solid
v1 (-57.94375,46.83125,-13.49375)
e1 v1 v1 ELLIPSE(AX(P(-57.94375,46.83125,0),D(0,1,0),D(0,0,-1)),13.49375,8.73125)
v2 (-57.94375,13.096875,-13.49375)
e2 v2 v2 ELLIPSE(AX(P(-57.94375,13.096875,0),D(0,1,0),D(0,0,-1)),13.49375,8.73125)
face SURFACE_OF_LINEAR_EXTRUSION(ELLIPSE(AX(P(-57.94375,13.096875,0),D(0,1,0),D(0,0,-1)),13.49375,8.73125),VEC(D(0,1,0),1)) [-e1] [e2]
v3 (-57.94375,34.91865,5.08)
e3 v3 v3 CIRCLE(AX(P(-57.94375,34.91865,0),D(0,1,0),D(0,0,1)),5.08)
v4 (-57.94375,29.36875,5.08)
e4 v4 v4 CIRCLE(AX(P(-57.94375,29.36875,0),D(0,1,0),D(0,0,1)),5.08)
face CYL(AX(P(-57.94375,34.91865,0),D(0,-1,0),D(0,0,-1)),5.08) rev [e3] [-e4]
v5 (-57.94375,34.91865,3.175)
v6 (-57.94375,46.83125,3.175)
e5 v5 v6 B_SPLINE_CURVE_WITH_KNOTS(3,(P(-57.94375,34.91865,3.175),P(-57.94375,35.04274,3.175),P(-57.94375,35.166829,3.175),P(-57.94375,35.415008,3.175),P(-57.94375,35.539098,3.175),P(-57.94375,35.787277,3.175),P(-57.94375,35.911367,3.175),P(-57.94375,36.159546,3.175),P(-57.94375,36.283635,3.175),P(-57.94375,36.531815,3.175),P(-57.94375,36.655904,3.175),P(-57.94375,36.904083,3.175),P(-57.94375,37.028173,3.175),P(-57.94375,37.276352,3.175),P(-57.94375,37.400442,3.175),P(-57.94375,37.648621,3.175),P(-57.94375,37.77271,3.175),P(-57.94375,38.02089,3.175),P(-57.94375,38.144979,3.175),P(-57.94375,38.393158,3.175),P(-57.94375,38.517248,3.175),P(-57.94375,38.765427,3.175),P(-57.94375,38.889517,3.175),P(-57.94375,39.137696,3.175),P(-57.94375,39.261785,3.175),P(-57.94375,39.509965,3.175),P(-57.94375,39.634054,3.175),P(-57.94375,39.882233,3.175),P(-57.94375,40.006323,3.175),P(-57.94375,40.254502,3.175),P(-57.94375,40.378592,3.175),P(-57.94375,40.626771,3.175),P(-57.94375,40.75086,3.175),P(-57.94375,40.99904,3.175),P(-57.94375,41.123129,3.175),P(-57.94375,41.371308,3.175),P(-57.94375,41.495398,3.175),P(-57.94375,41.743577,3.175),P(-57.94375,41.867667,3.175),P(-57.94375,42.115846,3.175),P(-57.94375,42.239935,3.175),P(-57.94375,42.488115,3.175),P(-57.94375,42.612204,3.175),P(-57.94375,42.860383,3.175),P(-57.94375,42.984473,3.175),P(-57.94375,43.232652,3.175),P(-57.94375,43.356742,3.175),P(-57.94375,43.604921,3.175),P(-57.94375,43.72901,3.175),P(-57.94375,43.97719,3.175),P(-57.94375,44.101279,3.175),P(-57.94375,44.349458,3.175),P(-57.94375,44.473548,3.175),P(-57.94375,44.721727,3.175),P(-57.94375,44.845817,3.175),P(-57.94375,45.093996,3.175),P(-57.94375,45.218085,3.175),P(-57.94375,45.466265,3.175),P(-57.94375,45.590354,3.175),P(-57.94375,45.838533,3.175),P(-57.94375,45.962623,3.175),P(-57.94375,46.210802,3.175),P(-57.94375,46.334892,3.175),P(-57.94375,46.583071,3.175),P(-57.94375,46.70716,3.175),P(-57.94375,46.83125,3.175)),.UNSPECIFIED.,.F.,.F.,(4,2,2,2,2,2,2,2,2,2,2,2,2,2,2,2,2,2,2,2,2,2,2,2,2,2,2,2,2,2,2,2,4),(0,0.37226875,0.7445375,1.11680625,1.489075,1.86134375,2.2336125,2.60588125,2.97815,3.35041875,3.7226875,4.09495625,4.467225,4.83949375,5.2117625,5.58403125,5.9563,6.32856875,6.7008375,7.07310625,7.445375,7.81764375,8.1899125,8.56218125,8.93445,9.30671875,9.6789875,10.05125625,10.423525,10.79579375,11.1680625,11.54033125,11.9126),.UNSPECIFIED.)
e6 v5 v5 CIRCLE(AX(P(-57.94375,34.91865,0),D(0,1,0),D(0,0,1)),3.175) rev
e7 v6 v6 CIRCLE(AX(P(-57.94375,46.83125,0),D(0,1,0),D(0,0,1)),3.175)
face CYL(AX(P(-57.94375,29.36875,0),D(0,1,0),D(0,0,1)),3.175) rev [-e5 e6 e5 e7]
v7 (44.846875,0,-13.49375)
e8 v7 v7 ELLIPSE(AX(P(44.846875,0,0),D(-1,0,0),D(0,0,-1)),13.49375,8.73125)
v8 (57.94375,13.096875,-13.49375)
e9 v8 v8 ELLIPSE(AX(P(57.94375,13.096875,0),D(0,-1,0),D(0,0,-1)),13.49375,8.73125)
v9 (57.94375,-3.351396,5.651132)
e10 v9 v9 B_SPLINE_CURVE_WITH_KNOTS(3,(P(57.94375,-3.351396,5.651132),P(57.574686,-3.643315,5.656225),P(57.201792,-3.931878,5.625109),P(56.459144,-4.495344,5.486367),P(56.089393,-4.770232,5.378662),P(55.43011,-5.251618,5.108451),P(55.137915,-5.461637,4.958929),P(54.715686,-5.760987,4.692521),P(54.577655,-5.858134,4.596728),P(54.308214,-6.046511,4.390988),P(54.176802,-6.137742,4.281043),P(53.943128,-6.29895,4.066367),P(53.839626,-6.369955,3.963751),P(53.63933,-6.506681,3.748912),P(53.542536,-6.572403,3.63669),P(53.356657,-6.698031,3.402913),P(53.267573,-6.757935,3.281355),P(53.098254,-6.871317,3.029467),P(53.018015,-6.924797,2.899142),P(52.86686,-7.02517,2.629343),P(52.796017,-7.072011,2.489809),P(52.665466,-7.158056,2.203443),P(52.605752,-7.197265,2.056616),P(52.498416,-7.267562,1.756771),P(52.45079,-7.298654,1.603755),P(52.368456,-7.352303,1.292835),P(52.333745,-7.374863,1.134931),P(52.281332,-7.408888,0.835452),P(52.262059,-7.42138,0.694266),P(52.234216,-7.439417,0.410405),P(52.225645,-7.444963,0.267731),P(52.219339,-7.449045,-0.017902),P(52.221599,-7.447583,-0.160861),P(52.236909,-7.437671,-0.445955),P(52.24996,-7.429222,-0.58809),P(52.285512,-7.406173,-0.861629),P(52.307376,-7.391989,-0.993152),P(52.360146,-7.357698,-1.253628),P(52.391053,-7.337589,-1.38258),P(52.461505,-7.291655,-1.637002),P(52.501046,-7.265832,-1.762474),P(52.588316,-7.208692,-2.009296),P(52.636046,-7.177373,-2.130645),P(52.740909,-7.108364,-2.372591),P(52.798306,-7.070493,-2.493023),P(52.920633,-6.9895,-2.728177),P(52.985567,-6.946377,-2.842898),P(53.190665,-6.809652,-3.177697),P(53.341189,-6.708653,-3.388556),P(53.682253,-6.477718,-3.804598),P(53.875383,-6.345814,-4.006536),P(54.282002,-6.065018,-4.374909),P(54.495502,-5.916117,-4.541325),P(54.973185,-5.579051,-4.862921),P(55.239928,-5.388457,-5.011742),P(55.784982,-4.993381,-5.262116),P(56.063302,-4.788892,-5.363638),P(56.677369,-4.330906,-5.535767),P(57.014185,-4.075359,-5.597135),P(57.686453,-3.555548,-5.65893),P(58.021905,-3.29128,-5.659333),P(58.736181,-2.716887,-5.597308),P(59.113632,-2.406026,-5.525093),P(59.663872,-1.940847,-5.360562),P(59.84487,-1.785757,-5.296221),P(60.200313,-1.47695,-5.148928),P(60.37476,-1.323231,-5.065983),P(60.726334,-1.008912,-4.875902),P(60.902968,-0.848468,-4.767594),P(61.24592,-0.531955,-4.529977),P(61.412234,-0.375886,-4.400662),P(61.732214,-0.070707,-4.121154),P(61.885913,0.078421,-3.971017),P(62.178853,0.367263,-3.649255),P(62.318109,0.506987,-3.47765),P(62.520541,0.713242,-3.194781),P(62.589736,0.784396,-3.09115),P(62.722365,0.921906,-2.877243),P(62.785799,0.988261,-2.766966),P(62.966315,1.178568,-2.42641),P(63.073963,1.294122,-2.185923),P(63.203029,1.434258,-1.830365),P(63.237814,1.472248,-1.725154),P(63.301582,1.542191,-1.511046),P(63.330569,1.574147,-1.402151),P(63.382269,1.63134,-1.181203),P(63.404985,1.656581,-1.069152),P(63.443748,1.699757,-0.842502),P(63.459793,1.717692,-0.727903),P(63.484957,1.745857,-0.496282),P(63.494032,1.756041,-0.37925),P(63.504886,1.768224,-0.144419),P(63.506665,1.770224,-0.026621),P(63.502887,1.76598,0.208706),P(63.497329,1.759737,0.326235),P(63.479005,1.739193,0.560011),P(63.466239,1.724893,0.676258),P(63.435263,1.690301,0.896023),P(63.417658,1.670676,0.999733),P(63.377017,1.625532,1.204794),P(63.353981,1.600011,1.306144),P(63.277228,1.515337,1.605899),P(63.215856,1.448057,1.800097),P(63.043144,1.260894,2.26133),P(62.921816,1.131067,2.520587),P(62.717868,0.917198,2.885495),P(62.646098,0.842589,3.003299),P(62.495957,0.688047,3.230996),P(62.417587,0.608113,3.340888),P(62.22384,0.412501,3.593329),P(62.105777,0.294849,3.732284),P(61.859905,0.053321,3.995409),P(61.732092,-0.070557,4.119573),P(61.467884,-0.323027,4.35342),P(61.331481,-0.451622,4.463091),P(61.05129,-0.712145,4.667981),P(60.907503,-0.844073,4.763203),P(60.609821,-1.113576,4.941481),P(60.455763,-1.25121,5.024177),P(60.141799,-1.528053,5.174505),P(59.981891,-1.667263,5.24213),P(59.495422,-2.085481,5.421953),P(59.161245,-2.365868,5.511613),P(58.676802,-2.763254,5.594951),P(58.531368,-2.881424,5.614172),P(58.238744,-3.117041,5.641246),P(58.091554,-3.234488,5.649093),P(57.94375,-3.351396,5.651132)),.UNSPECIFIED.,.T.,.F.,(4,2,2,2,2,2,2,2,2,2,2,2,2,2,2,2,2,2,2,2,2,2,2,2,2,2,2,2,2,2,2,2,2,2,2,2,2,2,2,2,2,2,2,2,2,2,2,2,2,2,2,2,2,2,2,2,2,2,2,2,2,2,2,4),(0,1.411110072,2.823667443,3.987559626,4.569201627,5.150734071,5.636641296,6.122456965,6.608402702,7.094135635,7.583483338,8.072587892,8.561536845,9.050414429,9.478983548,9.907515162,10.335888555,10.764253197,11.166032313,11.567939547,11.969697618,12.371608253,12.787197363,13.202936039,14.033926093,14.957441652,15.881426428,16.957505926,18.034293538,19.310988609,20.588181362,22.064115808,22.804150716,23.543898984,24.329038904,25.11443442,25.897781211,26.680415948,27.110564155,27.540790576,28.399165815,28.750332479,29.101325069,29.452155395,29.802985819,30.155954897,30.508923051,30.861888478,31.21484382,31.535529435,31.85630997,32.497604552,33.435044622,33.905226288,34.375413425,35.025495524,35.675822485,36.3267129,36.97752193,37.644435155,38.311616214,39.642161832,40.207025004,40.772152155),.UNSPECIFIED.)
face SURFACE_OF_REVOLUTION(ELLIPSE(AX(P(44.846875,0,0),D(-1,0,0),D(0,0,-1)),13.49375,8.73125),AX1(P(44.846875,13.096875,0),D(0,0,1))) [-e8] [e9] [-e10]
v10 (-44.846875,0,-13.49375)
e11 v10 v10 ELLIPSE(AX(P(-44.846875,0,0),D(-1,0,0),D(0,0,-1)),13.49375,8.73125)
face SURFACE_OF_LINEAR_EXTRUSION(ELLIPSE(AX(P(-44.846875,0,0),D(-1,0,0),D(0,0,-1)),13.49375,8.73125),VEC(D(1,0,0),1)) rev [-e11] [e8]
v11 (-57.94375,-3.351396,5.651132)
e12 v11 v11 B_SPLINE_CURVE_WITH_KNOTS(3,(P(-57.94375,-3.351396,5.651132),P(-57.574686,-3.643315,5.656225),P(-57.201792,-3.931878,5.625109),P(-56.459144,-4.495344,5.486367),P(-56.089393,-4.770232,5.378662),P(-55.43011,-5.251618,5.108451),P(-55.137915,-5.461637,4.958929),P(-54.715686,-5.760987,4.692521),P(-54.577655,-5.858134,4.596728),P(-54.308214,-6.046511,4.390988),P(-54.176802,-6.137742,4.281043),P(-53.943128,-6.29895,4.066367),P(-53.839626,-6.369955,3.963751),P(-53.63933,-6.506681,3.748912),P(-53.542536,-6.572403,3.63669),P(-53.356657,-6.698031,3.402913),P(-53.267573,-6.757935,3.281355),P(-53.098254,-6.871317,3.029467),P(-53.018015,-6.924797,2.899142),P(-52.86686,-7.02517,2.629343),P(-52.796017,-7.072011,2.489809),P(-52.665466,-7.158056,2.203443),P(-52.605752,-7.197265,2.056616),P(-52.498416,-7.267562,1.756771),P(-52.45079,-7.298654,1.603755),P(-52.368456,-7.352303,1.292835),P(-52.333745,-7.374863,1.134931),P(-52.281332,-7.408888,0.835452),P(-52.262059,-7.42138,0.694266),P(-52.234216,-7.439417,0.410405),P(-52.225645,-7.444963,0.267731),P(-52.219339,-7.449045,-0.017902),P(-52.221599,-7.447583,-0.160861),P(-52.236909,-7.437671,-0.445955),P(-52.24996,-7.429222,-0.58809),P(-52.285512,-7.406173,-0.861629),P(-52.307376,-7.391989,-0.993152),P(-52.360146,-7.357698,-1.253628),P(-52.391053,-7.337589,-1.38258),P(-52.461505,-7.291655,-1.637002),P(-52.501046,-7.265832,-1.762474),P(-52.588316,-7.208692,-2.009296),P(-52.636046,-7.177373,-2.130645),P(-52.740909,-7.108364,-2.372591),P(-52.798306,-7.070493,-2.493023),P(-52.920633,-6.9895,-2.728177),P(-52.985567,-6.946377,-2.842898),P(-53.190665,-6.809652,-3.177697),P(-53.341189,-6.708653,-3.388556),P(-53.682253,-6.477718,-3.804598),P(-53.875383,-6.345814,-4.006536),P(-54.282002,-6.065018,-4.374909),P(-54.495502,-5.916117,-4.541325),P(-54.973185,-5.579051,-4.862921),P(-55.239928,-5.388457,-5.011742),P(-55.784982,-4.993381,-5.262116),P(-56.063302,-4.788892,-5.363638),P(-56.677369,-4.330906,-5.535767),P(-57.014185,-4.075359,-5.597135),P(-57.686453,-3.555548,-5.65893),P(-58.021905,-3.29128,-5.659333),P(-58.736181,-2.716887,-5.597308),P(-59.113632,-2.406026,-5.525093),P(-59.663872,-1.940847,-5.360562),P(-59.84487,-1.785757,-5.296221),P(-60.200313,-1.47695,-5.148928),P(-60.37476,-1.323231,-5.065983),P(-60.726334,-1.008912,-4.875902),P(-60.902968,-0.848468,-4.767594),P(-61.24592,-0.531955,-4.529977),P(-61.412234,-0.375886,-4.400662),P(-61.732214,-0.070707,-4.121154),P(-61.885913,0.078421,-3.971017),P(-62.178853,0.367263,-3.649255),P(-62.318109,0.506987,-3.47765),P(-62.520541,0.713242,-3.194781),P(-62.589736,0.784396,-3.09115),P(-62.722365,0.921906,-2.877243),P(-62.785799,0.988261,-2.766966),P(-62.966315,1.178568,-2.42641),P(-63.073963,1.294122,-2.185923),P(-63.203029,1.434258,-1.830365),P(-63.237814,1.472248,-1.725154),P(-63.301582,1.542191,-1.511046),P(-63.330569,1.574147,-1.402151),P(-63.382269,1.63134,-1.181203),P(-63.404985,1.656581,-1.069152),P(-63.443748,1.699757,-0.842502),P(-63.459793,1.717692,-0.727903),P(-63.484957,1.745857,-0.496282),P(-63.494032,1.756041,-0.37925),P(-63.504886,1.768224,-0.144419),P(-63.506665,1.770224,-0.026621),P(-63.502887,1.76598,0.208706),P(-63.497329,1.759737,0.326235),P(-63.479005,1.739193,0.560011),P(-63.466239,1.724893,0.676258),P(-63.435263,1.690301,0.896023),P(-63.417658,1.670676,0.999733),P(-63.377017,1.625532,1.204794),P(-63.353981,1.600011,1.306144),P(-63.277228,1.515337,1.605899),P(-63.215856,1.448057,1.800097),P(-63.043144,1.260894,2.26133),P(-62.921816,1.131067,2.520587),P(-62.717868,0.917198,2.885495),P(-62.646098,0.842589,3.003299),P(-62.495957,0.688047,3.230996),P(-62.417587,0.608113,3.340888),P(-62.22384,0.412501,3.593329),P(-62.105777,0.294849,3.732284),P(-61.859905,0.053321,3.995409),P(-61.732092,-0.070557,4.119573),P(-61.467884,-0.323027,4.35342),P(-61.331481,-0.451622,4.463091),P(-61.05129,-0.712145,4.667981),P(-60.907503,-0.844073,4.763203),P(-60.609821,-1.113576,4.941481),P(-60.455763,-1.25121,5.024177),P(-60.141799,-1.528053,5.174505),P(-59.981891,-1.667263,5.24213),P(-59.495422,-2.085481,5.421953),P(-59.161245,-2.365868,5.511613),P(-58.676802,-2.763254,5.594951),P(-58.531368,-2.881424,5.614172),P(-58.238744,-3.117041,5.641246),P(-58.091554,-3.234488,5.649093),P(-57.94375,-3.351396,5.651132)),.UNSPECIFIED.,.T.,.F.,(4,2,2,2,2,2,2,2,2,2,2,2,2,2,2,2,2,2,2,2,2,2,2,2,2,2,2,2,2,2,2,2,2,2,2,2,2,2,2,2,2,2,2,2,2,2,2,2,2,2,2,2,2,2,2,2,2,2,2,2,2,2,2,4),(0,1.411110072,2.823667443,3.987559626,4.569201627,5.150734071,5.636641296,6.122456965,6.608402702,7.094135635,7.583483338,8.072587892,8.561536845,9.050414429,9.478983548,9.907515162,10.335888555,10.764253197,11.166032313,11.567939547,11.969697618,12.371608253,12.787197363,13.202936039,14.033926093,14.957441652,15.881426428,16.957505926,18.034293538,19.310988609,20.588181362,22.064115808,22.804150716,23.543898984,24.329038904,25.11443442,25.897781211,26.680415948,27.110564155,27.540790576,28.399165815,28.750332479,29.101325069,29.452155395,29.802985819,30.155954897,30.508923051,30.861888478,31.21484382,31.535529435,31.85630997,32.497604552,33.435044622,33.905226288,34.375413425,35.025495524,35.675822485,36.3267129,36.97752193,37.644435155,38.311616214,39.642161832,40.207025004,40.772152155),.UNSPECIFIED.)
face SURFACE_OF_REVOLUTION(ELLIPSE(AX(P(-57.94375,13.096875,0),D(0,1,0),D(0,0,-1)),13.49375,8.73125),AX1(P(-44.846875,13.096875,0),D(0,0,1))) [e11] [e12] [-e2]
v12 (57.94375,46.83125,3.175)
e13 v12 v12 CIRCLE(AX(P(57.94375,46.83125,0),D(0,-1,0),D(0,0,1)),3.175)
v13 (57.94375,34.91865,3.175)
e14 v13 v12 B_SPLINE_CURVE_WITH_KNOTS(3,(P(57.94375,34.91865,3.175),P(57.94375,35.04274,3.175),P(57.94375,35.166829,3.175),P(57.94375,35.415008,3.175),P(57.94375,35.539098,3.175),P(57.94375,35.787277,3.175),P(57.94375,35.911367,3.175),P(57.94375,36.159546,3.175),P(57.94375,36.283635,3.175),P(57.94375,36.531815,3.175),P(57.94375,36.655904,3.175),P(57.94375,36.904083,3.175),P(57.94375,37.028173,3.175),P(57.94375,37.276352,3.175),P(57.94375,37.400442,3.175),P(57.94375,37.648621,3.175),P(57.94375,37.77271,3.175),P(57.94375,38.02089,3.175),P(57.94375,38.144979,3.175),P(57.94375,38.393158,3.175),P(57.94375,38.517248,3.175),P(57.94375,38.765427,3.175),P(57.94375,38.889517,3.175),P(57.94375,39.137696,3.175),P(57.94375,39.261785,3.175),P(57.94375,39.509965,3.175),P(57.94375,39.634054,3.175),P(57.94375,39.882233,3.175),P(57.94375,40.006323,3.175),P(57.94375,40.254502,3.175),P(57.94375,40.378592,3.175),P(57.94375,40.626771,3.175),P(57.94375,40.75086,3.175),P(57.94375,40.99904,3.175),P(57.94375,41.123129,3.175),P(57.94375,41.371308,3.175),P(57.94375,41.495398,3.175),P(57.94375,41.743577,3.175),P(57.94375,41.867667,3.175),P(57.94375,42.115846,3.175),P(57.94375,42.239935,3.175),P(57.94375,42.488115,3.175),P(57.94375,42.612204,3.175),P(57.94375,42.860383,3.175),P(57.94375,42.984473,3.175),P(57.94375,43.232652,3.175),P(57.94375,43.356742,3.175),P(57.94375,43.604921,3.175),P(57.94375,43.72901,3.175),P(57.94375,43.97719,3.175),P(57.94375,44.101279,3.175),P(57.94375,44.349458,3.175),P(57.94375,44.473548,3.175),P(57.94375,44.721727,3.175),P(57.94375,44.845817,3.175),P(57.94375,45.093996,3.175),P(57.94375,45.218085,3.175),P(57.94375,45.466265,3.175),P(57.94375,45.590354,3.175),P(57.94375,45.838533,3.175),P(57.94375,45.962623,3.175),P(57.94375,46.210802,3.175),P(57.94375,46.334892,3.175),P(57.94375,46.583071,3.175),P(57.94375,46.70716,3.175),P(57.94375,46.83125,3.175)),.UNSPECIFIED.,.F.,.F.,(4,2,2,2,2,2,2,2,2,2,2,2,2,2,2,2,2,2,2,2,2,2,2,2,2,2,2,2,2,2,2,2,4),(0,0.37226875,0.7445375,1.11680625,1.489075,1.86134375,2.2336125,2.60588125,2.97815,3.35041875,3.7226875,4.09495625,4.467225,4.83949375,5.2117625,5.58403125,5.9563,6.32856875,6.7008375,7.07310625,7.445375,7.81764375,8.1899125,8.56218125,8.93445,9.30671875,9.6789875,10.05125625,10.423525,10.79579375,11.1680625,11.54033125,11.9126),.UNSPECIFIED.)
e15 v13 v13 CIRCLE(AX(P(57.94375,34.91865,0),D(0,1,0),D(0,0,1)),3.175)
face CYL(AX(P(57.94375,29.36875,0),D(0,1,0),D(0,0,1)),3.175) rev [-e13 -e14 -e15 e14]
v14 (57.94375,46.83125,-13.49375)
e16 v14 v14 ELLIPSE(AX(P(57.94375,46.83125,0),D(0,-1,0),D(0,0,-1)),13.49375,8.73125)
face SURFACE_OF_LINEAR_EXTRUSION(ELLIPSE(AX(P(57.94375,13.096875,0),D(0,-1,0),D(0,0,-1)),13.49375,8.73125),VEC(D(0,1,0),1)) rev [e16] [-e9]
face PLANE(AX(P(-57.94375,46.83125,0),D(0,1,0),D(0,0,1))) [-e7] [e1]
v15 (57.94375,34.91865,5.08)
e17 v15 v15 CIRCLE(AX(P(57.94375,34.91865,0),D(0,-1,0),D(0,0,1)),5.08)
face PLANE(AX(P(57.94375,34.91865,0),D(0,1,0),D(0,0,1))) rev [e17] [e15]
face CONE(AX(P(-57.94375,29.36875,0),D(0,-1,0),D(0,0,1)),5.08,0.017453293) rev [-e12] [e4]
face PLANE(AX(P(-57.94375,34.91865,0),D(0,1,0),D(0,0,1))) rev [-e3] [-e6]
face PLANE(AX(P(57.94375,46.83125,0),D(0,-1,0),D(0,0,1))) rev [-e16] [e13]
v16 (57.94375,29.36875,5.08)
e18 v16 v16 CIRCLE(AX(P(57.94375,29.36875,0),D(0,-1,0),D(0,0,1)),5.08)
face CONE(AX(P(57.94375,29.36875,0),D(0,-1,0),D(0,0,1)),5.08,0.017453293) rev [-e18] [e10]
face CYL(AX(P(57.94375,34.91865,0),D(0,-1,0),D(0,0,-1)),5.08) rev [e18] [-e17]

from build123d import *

# Parameters (mm, degrees)
SKETCH2_RX               = 13.49375
SKETCH2_RY               = 8.73125
SKETCH4_R                = 3.175
EXTRUDE1_DEPTH           = 17.4625
SKETCH9_R                = 5.08
EXTRUDE2_DEPTH           = 5.5499
EXTRUDE2_OTHER_WAY_DEPTH = 78.969525699
EXTRUDE2_OTHER_WAY_DRAFT = 1
MIRROR1_COPY_1_SKETCH_R  = 5.08
MIRROR1_COPY_1_DEPTH     = 78.969525699
MIRROR1_COPY_1_DRAFT     = 1
MIRROR1_COPY_2_SKETCH_R  = 5.08
MIRROR1_COPY_2_DEPTH     = 78.969525699
MIRROR1_COPY_2_DRAFT     = 1


with BuildPart() as part:
    # Sweep1: sweep along a path in Sketch3
    with BuildLine(Plane.XY) as sweep1_path:
        Line((57.94375, 46.83125), (57.94375, 13.096875))
        ThreePointArc((57.94375, 13.096875), (54.107764125, 3.835985875), (44.846875, 0))
        Line((44.846875, 0), (-44.846875, 0))
        ThreePointArc((-44.846875, 0), (-54.107764125, 3.835985875), (-57.94375, 13.096875))
        Line((-57.94375, 13.096875), (-57.94375, 46.83125))
    # Sketch2 → Sweep1 (sweep)
    with BuildSketch(Plane(origin=(0, 46.83125, 0), x_dir=(-1, 0, 0), z_dir=(0, 1, 0))):
        with Locations(Location((57.94375, 0), (0, 0, -90))):
            Ellipse(SKETCH2_RX, SKETCH2_RY)
    sweep(path=sweep1_path.line)

    # Sketch4 → Extrude1 (cut)
    with BuildSketch(Plane(origin=(0, 46.83125, 0), x_dir=(-1, 0, 0), z_dir=(0, 1, 0))):
        with Locations(Location((57.94375, 0, 0), (0, 0, 90))):
            Circle(SKETCH4_R)
    extrude1 = extrude(amount=-EXTRUDE1_DEPTH, mode=Mode.SUBTRACT)

    # Sketch9 → Extrude2 (cut)
    with BuildSketch(Plane(origin=(0, 29.36875, 0), x_dir=(1, 0, 0), z_dir=(0, 1, 0))):
        with Locations(Location((-57.94375, 0, 0), (0, 0, 270))):
            Circle(SKETCH9_R)
    extrude2 = extrude(amount=EXTRUDE2_DEPTH, mode=Mode.SUBTRACT)


with BuildPart() as extrude2_other_way_tool:
    # Sketch9 → Extrude2 other way (with draft: the straight prism first)
    with BuildSketch(Plane(origin=(0, 29.36875, 0), x_dir=(1, 0, 0), z_dir=(0, 1, 0))):
        with Locations(Location((-57.94375, 0, 0), (0, 0, 270))):
            Circle(SKETCH9_R)
    extrude(amount=-EXTRUDE2_OTHER_WAY_DEPTH)
    # Extrude2 other way: the draft: its side faces are tilted about the plane it starts from
    extrude2_other_way_sides = [extrude2_other_way_tool.faces().sort_by_distance(p)[0] for p in [
        (-57.94375, -10.116012849, -5.08),
    ]]
    draft(extrude2_other_way_sides, Plane(origin=(0, 29.36875, 0), x_dir=(1, 0, 0), z_dir=(0, 1, 0)), EXTRUDE2_OTHER_WAY_DRAFT)


with BuildPart() as part_1:
    add(part.part)

    # Extrude2 other way: cut by extrude2_other_way_tool
    add(extrude2_other_way_tool.part, mode=Mode.SUBTRACT)

    # Mirror1: Extrude1, Extrude2 across plane
    add(extrude1.mirror(Plane(origin=(0, 0, 0), x_dir=(0, 0, 1), z_dir=(1, 0, 0))), mode=Mode.SUBTRACT)
    add(extrude2.mirror(Plane(origin=(0, 0, 0), x_dir=(0, 0, 1), z_dir=(1, 0, 0))), mode=Mode.SUBTRACT)


with BuildPart() as mirror1_copy_1_tool:
    # Mirror1 copy 1 sketch → Mirror1 copy 1 (with draft: the straight prism first)
    with BuildSketch(Plane(origin=(0, 29.36875, 0), x_dir=(-1, 0, 0), z_dir=(0, 1, 0))):
        with Locations((-57.94375, 0)):
            Circle(MIRROR1_COPY_1_SKETCH_R)
    extrude(amount=-MIRROR1_COPY_1_DEPTH)
    # Mirror1 copy 1: the draft: its side faces are tilted about the plane it starts from
    mirror1_copy_1_sides = [mirror1_copy_1_tool.faces().sort_by_distance(p)[0] for p in [
        (57.94375, -10.116012849, -5.08),
    ]]
    draft(mirror1_copy_1_sides, Plane(origin=(0, 29.36875, 0), x_dir=(-1, 0, 0), z_dir=(0, 1, 0)), MIRROR1_COPY_1_DRAFT)


with BuildPart() as part_2:
    add(part_1.part)

    # Mirror1 copy 1: cut by mirror1_copy_1_tool
    add(mirror1_copy_1_tool.part, mode=Mode.SUBTRACT)


with BuildPart() as mirror1_copy_2_tool:
    # Mirror1 copy 2 sketch → Mirror1 copy 2 (with draft: the straight prism first)
    with BuildSketch(Plane(origin=(0, 29.36875, 0), x_dir=(-1, 0, 0), z_dir=(0, 1, 0))):
        with Locations((-57.94375, 0)):
            Circle(MIRROR1_COPY_2_SKETCH_R)
    extrude(amount=-MIRROR1_COPY_2_DEPTH)
    # Mirror1 copy 2: the draft: its side faces are tilted about the plane it starts from
    mirror1_copy_2_sides = [mirror1_copy_2_tool.faces().sort_by_distance(p)[0] for p in [
        (57.94375, -10.116012849, -5.08),
    ]]
    draft(mirror1_copy_2_sides, Plane(origin=(0, 29.36875, 0), x_dir=(-1, 0, 0), z_dir=(0, 1, 0)), MIRROR1_COPY_2_DRAFT)


with BuildPart() as part_3:
    add(part_2.part)

    # Mirror1 copy 2: cut by mirror1_copy_2_tool
    add(mirror1_copy_2_tool.part, mode=Mode.SUBTRACT)


solid = part_3.part
